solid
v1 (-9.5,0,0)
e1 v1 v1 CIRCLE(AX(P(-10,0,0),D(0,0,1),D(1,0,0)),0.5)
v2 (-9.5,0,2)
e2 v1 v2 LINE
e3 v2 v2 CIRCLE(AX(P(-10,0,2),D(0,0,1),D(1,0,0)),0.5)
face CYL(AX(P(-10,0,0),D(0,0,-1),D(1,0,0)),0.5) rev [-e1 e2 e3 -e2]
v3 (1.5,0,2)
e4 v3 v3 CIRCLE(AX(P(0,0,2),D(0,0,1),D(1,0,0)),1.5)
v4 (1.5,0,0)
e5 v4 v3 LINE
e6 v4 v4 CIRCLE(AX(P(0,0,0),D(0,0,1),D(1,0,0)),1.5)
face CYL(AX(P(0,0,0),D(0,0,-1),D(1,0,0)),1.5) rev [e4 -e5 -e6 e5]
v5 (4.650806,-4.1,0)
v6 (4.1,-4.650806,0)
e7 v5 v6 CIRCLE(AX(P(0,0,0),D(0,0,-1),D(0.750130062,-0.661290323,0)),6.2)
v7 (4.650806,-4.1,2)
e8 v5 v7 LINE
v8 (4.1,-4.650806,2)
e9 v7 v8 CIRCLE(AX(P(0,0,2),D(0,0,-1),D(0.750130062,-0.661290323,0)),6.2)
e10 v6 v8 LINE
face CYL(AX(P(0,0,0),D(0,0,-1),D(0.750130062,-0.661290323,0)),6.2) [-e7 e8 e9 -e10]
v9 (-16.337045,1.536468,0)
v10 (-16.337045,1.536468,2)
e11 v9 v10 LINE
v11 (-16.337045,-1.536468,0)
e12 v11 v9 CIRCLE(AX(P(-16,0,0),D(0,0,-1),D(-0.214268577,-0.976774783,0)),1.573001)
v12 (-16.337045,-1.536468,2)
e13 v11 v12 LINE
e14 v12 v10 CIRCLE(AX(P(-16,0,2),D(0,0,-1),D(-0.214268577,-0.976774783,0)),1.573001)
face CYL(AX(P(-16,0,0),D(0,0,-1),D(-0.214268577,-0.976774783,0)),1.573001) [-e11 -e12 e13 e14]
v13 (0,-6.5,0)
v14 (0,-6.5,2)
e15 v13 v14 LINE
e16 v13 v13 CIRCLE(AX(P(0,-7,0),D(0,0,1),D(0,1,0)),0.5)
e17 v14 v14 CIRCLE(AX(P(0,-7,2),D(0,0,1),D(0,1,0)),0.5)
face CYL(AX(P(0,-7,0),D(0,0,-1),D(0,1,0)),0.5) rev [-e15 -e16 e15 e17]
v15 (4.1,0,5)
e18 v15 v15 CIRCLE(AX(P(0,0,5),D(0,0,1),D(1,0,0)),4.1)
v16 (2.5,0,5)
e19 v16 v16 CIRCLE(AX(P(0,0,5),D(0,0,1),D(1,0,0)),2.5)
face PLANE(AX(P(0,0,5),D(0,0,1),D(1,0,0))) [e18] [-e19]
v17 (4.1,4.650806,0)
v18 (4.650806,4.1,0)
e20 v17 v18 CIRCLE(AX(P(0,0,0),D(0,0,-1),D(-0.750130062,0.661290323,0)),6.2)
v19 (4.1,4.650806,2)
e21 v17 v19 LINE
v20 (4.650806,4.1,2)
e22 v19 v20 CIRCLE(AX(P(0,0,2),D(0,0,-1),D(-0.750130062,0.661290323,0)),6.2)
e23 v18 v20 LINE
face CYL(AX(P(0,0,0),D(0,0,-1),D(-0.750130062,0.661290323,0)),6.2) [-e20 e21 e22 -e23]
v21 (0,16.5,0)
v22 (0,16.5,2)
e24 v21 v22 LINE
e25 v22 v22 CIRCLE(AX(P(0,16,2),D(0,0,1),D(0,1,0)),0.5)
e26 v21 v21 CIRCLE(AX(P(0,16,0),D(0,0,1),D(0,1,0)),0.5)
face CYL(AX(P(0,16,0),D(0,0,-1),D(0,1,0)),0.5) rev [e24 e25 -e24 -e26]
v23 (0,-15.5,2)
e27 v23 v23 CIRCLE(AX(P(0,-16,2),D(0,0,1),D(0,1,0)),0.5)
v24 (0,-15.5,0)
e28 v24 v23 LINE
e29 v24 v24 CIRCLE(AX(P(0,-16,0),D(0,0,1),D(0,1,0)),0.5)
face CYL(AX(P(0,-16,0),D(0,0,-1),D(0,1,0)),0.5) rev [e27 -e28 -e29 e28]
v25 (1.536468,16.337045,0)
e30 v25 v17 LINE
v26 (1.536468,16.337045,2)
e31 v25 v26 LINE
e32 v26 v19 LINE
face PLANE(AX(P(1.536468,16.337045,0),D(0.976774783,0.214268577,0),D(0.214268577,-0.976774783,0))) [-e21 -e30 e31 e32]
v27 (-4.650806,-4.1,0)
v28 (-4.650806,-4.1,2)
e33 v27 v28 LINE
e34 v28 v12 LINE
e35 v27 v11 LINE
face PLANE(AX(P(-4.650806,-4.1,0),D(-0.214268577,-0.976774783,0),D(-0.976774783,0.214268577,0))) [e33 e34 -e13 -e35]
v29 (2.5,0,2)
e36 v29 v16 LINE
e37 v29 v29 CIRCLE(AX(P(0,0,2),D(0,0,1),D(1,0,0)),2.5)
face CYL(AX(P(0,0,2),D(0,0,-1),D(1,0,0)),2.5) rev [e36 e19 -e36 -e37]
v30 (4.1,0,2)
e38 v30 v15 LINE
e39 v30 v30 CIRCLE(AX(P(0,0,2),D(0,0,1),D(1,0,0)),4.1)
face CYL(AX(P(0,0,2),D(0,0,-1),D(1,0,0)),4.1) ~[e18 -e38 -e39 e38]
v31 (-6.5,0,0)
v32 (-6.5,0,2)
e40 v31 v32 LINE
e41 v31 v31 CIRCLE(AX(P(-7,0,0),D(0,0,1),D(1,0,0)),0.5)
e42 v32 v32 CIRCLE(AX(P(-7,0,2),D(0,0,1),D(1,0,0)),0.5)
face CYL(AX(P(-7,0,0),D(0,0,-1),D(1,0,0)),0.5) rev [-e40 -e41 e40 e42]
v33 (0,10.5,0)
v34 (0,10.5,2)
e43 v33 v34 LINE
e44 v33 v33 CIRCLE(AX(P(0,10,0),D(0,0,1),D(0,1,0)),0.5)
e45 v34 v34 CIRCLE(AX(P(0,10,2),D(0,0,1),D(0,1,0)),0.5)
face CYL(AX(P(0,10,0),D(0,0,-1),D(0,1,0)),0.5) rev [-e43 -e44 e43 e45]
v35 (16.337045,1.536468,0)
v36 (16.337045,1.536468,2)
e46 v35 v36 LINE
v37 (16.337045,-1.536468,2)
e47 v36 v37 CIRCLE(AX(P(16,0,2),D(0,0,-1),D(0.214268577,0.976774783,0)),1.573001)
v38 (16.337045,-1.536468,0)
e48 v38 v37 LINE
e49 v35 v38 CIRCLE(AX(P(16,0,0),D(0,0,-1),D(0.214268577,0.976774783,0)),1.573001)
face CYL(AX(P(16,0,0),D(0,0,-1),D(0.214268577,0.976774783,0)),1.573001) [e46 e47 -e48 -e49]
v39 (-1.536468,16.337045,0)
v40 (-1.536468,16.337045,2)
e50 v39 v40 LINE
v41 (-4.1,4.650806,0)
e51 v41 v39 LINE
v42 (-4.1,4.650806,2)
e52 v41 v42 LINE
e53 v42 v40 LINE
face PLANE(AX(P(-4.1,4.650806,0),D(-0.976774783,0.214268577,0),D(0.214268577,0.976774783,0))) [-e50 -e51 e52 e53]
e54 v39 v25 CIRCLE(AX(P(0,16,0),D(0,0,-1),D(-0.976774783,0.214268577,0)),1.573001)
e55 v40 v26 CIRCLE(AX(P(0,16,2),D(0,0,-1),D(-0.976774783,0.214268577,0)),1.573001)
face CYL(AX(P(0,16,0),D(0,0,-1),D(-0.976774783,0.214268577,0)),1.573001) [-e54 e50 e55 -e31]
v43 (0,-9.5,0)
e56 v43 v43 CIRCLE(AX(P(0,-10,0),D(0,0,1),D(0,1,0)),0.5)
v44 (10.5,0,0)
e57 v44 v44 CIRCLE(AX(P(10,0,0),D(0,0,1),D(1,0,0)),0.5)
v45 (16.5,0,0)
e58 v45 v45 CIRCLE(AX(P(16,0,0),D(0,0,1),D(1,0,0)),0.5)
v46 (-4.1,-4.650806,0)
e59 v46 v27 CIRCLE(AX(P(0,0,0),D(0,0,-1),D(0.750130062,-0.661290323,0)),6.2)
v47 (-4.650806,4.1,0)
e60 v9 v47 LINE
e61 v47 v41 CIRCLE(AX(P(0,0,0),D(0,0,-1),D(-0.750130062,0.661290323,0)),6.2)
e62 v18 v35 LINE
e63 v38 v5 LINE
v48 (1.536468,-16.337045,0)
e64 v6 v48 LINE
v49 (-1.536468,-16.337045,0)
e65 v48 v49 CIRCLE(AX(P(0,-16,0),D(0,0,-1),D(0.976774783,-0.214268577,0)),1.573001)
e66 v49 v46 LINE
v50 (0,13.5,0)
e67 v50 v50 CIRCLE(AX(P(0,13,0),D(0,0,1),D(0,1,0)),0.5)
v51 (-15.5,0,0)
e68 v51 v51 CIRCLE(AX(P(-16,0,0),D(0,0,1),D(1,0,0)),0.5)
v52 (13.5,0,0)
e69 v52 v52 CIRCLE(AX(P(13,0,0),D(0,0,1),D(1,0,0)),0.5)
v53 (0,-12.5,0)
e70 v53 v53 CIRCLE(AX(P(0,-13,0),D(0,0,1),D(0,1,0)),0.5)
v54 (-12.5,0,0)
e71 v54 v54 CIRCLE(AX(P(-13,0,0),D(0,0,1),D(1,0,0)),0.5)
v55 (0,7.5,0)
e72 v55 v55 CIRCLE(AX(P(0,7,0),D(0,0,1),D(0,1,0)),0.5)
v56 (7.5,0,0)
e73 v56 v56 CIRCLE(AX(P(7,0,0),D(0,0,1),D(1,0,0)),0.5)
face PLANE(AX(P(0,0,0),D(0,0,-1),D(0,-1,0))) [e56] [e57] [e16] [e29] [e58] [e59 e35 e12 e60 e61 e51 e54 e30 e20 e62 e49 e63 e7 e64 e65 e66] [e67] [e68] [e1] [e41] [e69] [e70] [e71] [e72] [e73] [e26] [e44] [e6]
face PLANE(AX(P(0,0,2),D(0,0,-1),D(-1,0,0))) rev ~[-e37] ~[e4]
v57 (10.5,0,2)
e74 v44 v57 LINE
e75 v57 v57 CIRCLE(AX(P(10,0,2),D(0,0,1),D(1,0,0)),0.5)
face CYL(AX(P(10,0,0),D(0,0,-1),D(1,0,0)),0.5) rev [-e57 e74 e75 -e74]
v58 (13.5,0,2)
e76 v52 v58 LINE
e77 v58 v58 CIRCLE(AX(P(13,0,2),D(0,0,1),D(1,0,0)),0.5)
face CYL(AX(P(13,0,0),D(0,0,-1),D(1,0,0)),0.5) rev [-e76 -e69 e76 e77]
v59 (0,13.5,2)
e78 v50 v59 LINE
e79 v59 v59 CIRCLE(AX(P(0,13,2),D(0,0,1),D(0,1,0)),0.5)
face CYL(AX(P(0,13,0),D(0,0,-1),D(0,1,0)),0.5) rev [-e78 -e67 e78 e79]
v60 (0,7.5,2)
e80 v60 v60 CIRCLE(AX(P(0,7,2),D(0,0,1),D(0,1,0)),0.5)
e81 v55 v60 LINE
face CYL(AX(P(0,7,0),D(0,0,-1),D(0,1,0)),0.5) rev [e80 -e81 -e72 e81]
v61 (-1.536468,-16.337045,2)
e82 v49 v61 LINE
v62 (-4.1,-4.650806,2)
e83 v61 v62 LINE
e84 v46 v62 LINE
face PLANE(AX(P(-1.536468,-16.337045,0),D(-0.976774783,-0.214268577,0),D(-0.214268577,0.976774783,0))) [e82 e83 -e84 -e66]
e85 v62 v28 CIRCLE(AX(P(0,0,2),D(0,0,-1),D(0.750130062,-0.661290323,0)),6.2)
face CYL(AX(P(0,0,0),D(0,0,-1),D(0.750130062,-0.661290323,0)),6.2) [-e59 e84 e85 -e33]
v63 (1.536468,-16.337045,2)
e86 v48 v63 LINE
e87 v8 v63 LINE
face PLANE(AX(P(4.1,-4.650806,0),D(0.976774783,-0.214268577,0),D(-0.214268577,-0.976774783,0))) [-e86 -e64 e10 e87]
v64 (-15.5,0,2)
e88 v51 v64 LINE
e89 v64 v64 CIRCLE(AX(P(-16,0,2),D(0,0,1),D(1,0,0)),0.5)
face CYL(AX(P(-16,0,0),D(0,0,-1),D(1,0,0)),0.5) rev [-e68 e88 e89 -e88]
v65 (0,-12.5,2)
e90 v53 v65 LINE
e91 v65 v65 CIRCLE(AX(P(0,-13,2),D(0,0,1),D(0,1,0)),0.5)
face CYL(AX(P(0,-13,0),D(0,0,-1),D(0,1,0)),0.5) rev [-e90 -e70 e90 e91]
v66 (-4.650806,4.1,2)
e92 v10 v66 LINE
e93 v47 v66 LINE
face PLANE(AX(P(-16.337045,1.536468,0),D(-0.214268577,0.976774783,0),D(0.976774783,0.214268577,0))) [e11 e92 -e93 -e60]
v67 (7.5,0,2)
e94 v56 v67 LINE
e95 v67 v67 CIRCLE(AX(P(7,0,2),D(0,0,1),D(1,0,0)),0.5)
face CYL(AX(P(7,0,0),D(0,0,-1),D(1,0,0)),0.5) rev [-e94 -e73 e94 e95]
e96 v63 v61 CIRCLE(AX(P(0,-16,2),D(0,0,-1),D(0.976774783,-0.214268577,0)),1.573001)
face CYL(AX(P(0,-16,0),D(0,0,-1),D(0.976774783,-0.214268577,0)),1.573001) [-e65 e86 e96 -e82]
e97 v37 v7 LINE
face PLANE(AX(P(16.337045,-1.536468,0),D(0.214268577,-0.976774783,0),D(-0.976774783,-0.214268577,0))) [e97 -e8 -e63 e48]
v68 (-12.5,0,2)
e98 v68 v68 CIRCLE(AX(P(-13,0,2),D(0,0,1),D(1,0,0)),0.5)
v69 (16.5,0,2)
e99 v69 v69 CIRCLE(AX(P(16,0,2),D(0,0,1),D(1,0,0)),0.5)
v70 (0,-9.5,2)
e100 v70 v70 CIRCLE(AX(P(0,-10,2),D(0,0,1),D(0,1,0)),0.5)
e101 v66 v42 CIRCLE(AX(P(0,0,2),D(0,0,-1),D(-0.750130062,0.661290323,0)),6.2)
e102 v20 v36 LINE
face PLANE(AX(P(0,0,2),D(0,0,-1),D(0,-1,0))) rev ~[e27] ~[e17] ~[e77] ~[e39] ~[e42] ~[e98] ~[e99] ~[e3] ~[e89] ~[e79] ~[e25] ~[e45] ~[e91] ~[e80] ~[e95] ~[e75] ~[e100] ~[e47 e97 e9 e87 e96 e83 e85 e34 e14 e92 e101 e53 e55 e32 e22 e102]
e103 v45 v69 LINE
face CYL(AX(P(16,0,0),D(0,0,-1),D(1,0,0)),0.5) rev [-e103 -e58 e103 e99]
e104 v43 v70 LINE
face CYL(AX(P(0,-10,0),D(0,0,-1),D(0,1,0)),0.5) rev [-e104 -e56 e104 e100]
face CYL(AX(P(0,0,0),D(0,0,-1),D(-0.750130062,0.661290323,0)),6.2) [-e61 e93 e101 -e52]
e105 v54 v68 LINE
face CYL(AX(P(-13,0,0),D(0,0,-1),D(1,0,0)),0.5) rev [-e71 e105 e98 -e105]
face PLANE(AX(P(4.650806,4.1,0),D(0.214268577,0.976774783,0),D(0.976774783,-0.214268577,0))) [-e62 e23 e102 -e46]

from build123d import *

# Parameters (mm, degrees)
ESQUISSE1_R                  = 1.5
ESQUISSE1_R_2                = 0.5
BOSS_EXTRU_1_DEPTH           = 2
ESQUISSE2_R                  = 4.1
ESQUISSE2_R_2                = 2.5
BOSS_EXTRU_2_DEPTH           = 3
R_P_TITION_CIRCULAIRE1_COUNT = 2
R_P_TITION_CIRCULAIRE1_ANGLE = 90


with BuildPart() as part:
    # Esquisse1 → Boss.-Extru.1 (new body)
    with BuildSketch(Plane.XY):
        with BuildLine():
            Line((-16.337044695, 1.536467752), (-4.650806382, 4.1))
            ThreePointArc((-4.650806382, 4.1), (0, 6.2), (4.650806382, 4.1))
            Line((4.650806382, 4.1), (16.337044695, 1.536467752))
            ThreePointArc((16.337044695, 1.536467752), (17.573001042, 0), (16.337044695, -1.536467752))
            Line((16.337044695, -1.536467752), (4.650806382, -4.1))
            ThreePointArc((4.650806382, -4.1), (0, -6.2), (-4.650806382, -4.1))
            Line((-4.650806382, -4.1), (-16.337044695, -1.536467752))
            ThreePointArc((-16.337044695, -1.536467752), (-17.573001042, 0), (-16.337044695, 1.536467752))
        make_face()
        Circle(ESQUISSE1_R, mode=Mode.SUBTRACT)
        with Locations((7, 0)):
            Circle(ESQUISSE1_R_2, mode=Mode.SUBTRACT)
        with Locations((16, 0)):
            Circle(ESQUISSE1_R_2, mode=Mode.SUBTRACT)
        with Locations((13, 0)):
            Circle(ESQUISSE1_R_2, mode=Mode.SUBTRACT)
        with Locations((10, 0)):
            Circle(ESQUISSE1_R_2, mode=Mode.SUBTRACT)
        with Locations((-16, 0)):
            Circle(ESQUISSE1_R_2, mode=Mode.SUBTRACT)
        with Locations((-13, 0)):
            Circle(ESQUISSE1_R_2, mode=Mode.SUBTRACT)
        with Locations((-10, 0)):
            Circle(ESQUISSE1_R_2, mode=Mode.SUBTRACT)
        with Locations((-7, 0)):
            Circle(ESQUISSE1_R_2, mode=Mode.SUBTRACT)
    boss_extru_1 = extrude(amount=BOSS_EXTRU_1_DEPTH)

    # Esquisse2 → Boss.-Extru.2 (add)
    with BuildSketch(Plane.XY.offset(2)):
        Circle(ESQUISSE2_R)
        Circle(ESQUISSE2_R_2, mode=Mode.SUBTRACT)
    extrude(amount=BOSS_EXTRU_2_DEPTH)

    # Répétition circulaire1: Boss.-Extru.1 ×2 about axis
    r_p_tition_circulaire1_axis = Axis((0, 0, -0.25), (0, 0, 1))
    for i in range(1, R_P_TITION_CIRCULAIRE1_COUNT):
        add(boss_extru_1.rotate(r_p_tition_circulaire1_axis, i * R_P_TITION_CIRCULAIRE1_ANGLE / (R_P_TITION_CIRCULAIRE1_COUNT - 1)))


solid = part.part
